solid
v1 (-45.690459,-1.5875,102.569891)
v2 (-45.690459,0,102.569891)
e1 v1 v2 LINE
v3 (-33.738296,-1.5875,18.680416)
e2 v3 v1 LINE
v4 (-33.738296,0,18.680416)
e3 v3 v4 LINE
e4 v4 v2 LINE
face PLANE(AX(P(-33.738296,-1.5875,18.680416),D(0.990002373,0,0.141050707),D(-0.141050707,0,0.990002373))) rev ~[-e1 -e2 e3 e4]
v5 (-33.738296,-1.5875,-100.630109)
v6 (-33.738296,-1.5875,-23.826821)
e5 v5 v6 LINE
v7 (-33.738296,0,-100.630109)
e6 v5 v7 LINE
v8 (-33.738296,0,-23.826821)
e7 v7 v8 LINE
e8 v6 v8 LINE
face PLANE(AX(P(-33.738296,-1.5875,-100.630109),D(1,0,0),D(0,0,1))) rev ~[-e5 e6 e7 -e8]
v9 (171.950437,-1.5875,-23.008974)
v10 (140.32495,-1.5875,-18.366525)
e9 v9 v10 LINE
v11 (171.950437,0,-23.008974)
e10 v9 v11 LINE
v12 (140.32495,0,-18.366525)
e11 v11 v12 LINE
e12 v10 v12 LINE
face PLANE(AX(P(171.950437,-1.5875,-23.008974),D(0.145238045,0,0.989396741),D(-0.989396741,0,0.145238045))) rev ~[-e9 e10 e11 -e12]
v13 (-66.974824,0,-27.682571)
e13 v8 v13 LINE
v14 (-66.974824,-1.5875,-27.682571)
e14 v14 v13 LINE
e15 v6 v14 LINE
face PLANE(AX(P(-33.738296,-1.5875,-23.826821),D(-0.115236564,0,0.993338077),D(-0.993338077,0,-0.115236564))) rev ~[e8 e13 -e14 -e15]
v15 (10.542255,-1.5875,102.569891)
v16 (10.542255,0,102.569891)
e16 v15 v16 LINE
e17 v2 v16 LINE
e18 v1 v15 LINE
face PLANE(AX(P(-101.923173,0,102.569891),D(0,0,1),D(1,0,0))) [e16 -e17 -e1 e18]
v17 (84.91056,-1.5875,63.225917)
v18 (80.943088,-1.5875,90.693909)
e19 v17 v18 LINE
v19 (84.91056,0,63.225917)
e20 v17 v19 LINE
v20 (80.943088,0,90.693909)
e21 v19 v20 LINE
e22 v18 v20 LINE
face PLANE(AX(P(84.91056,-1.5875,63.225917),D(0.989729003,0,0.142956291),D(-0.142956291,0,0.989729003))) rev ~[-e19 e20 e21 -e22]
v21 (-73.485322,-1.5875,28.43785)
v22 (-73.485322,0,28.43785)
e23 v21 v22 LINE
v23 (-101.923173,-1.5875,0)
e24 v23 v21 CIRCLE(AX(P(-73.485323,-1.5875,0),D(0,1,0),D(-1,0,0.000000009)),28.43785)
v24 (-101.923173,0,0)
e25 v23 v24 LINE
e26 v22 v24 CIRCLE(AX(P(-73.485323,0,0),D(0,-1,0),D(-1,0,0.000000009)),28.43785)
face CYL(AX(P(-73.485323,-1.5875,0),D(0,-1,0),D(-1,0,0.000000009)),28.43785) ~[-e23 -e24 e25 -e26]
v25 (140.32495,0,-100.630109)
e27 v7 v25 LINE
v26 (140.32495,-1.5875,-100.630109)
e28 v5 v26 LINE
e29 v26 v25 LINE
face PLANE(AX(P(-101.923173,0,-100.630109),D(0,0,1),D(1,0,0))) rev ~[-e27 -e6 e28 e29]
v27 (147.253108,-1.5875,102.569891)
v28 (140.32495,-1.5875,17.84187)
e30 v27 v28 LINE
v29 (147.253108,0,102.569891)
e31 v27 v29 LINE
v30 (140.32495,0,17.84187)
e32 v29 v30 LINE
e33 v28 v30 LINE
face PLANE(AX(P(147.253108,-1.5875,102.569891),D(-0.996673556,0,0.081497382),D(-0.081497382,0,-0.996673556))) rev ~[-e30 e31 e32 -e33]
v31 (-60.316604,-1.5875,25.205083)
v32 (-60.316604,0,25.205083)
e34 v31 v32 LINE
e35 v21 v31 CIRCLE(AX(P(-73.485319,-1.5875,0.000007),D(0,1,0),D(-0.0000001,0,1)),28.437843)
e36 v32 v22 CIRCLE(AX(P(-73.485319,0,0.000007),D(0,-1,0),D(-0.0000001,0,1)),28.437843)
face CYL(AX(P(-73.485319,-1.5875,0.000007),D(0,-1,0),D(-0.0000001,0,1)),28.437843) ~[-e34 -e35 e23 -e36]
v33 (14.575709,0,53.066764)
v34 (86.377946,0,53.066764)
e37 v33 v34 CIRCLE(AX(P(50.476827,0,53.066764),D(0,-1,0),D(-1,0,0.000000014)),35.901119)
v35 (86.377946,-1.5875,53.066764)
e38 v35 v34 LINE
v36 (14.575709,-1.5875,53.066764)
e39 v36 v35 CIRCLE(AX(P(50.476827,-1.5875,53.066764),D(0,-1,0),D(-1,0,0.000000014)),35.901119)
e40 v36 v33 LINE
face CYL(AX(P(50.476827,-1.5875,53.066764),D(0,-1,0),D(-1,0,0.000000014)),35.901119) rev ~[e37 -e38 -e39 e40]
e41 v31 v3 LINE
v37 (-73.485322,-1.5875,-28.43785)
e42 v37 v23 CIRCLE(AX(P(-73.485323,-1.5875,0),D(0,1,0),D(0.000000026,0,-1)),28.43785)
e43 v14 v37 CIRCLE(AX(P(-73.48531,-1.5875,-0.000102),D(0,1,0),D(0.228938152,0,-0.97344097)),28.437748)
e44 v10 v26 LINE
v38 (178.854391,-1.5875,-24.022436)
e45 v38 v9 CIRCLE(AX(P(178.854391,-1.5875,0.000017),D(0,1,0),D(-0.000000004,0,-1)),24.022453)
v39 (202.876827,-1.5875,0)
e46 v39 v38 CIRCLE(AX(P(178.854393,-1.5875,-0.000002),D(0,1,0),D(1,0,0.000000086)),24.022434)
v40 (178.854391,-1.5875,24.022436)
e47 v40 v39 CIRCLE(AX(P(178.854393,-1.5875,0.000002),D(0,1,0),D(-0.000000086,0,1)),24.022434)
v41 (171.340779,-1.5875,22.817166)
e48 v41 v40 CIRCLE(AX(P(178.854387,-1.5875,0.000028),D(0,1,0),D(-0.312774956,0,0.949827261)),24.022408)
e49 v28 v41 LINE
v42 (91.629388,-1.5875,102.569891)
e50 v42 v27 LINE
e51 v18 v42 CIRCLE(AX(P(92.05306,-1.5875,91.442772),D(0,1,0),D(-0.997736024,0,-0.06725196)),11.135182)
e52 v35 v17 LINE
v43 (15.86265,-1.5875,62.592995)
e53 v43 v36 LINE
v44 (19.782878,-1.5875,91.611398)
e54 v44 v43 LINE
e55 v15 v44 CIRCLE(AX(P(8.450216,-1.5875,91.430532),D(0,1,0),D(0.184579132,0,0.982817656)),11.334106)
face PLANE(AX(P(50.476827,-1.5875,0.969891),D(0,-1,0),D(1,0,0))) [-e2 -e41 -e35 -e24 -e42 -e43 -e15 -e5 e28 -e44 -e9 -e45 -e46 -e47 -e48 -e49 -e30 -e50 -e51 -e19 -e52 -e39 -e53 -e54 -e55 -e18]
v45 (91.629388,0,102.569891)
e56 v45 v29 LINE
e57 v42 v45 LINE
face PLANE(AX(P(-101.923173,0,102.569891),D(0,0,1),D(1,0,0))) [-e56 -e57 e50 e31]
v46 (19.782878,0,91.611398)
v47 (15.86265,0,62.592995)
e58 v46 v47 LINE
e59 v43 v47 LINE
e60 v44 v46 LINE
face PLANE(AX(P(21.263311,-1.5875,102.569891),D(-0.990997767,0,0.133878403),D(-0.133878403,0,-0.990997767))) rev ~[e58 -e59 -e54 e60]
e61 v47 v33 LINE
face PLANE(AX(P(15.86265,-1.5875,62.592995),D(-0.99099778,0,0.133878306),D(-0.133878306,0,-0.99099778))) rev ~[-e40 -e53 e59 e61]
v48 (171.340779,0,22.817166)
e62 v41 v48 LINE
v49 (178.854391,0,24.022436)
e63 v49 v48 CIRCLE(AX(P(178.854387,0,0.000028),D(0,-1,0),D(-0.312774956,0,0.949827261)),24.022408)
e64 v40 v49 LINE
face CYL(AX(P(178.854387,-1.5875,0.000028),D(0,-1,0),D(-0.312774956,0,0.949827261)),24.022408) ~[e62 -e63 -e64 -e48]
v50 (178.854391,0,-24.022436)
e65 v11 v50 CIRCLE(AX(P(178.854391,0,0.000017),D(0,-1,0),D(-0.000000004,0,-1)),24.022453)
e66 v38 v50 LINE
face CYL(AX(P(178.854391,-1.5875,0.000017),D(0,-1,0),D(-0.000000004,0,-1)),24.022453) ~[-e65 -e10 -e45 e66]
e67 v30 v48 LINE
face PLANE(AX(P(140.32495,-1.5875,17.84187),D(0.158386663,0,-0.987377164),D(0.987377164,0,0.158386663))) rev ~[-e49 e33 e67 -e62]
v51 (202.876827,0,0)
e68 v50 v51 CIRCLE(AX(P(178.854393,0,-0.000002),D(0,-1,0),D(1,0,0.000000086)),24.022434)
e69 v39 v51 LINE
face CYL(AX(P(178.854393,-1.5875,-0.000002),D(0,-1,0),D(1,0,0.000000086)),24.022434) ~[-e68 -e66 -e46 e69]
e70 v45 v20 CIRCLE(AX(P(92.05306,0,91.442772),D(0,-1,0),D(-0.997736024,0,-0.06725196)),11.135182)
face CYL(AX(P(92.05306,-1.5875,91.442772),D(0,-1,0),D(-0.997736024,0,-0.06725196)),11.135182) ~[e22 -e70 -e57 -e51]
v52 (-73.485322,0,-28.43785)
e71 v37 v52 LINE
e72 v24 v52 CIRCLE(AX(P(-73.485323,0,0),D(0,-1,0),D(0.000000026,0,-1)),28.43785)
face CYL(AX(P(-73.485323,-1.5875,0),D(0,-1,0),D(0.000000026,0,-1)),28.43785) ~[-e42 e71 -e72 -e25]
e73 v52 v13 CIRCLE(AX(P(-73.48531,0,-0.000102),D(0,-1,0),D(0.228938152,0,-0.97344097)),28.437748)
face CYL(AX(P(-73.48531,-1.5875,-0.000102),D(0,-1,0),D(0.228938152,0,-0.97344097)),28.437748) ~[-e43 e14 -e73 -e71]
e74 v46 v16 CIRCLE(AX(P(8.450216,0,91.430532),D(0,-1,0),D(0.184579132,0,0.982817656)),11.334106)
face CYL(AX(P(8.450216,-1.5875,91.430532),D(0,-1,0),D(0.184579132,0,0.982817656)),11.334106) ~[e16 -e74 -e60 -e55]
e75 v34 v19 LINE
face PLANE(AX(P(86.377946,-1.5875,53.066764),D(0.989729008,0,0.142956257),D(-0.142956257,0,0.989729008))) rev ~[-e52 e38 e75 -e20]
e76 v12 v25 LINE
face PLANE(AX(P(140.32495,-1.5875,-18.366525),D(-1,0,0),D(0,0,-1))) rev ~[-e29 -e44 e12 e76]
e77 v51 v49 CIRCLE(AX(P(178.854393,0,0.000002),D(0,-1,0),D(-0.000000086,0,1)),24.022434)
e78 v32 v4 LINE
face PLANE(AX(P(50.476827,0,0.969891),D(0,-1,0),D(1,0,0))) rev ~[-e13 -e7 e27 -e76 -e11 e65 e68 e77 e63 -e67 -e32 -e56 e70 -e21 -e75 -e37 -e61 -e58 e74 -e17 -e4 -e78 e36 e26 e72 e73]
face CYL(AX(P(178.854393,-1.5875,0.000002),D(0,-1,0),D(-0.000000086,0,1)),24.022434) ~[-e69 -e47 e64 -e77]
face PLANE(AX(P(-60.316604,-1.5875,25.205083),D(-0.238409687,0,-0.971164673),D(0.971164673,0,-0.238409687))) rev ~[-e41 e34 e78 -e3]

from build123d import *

# Parameters (mm, degrees)
F0_W      = 304.8
F0_H      = 203.2
F1_DEPTH  = 1.5875
F3_DEPTH  = 50.8
F5_DEPTH  = 50.8
F7_DEPTH  = 50.8
F9_DEPTH  = 50.8
F10_DEPTH = 50.8
F12_DEPTH = 50.8
F13_DEPTH = 50.8


with BuildPart() as f1:
    # F0 (on Front) → F1 (new body)
    with BuildSketch(Plane.XZ):
        with Locations((50.476827, 0.969891)):
            Rectangle(F0_W, F0_H)
    extrude(amount=F1_DEPTH)

    # F2 (on face) → F3 (cut)
    with BuildSketch(Plane.XZ.offset(1.5875)):
        with BuildLine():
            Line((15.86265, 62.592995), (14.575709, 53.066764))
            ThreePointArc((14.575709, 53.066764), (50.476827, 17.165645), (86.377946, 53.066764))
            Line((86.377946, 53.066764), (84.91056, 63.225917))
            ThreePointArc((84.91056, 63.225917), (50.147756, 88.966374), (15.86265, 62.592995))
        make_face()
        with BuildLine():
            Line((21.263311, 102.569891), (15.86265, 62.592995))
            ThreePointArc((15.86265, 62.592995), (50.147756, 88.966374), (84.91056, 63.225917))
            Line((84.91056, 63.225917), (79.227723, 102.569891))
            Line((79.227723, 102.569891), (21.263311, 102.569891))
        make_face()
    extrude(amount=-F3_DEPTH, mode=Mode.SUBTRACT)

    # F4 (on face) → F5 (cut)
    with BuildSketch(Plane.XZ.offset(1.5875)):
        with BuildLine():
            ThreePointArc((10.542255, 102.569891), (17.11496, 98.736978), (19.782878, 91.611398))
            Line((19.782878, 91.611398), (21.263311, 102.569891))
            Line((21.263311, 102.569891), (10.542255, 102.569891))
        make_face()
    extrude(amount=-F5_DEPTH, mode=Mode.SUBTRACT)

    # F6 (on face) → F7 (cut)
    with BuildSketch(Plane.XZ.offset(1.5875)):
        with BuildLine():
            ThreePointArc((80.943088, 90.693909), (83.775623, 98.891014), (91.629388, 102.569891))
            Line((91.629388, 102.569891), (79.227723, 102.569891))
            Line((79.227723, 102.569891), (80.943088, 90.693909))
        make_face()
    extrude(amount=-F7_DEPTH, mode=Mode.SUBTRACT)

    # F8 (on face) → F9 (cut)
    with BuildSketch(Plane.XZ.offset(1.5875)):
        with BuildLine():
            Line((-33.738296, 18.680416), (-45.690459, 102.569891))
            Line((-45.690459, 102.569891), (-101.923173, 102.569891))
            Line((-101.923173, 102.569891), (-101.923173, 0))
            ThreePointArc((-101.923173, 0), (-93.593919, 20.108597), (-73.485322, 28.43785))
            ThreePointArc((-73.485322, 28.43785), (-66.705464, 27.617836), (-60.316604, 25.205083))
            Line((-60.316604, 25.205083), (-33.738296, 18.680416))
        make_face()
    extrude(amount=-F9_DEPTH, mode=Mode.SUBTRACT)

    # F8 (on face) → F10 (cut)
    with BuildSketch(Plane.XZ.offset(1.5875)):
        with BuildLine():
            Line((-33.738296, -100.630109), (-33.738296, -23.826821))
            Line((-33.738296, -23.826821), (-66.974824, -27.682571))
            ThreePointArc((-66.974824, -27.682571), (-70.208242, -28.2484), (-73.485322, -28.43785))
            ThreePointArc((-73.485322, -28.43785), (-93.593919, -20.108597), (-101.923173, 0))
            Line((-101.923173, 0), (-101.923173, -100.630109))
            Line((-101.923173, -100.630109), (-33.738296, -100.630109))
        make_face()
    extrude(amount=-F10_DEPTH, mode=Mode.SUBTRACT)

    # F11 (on face) → F12 (cut)
    with BuildSketch(Plane.XZ.offset(1.5875)):
        with BuildLine():
            Line((202.876827, 102.569891), (147.253108, 102.569891))
            Line((147.253108, 102.569891), (140.32495, 17.84187))
            Line((140.32495, 17.84187), (171.340779, 22.817166))
            ThreePointArc((171.340779, 22.817166), (175.049557, 23.719205), (178.854391, 24.022436))
            ThreePointArc((178.854391, 24.022436), (195.840819, 16.986428), (202.876827, 0))
            Line((202.876827, 0), (202.876827, 102.569891))
        make_face()
    extrude(amount=-F12_DEPTH, mode=Mode.SUBTRACT)

    # F11 (on face) → F13 (cut)
    with BuildSketch(Plane.XZ.offset(1.5875)):
        with BuildLine():
            Line((171.950437, -23.008974), (140.32495, -18.366525))
            Line((140.32495, -18.366525), (140.32495, -100.630109))
            Line((140.32495, -100.630109), (202.876827, -100.630109))
            Line((202.876827, -100.630109), (202.876827, 0))
            ThreePointArc((202.876827, 0), (195.840819, -16.986428), (178.854391, -24.022436))
            ThreePointArc((178.854391, -24.022436), (175.365419, -23.76772), (171.950437, -23.008974))
        make_face()
    extrude(amount=-F13_DEPTH, mode=Mode.SUBTRACT)


solid = f1.part
